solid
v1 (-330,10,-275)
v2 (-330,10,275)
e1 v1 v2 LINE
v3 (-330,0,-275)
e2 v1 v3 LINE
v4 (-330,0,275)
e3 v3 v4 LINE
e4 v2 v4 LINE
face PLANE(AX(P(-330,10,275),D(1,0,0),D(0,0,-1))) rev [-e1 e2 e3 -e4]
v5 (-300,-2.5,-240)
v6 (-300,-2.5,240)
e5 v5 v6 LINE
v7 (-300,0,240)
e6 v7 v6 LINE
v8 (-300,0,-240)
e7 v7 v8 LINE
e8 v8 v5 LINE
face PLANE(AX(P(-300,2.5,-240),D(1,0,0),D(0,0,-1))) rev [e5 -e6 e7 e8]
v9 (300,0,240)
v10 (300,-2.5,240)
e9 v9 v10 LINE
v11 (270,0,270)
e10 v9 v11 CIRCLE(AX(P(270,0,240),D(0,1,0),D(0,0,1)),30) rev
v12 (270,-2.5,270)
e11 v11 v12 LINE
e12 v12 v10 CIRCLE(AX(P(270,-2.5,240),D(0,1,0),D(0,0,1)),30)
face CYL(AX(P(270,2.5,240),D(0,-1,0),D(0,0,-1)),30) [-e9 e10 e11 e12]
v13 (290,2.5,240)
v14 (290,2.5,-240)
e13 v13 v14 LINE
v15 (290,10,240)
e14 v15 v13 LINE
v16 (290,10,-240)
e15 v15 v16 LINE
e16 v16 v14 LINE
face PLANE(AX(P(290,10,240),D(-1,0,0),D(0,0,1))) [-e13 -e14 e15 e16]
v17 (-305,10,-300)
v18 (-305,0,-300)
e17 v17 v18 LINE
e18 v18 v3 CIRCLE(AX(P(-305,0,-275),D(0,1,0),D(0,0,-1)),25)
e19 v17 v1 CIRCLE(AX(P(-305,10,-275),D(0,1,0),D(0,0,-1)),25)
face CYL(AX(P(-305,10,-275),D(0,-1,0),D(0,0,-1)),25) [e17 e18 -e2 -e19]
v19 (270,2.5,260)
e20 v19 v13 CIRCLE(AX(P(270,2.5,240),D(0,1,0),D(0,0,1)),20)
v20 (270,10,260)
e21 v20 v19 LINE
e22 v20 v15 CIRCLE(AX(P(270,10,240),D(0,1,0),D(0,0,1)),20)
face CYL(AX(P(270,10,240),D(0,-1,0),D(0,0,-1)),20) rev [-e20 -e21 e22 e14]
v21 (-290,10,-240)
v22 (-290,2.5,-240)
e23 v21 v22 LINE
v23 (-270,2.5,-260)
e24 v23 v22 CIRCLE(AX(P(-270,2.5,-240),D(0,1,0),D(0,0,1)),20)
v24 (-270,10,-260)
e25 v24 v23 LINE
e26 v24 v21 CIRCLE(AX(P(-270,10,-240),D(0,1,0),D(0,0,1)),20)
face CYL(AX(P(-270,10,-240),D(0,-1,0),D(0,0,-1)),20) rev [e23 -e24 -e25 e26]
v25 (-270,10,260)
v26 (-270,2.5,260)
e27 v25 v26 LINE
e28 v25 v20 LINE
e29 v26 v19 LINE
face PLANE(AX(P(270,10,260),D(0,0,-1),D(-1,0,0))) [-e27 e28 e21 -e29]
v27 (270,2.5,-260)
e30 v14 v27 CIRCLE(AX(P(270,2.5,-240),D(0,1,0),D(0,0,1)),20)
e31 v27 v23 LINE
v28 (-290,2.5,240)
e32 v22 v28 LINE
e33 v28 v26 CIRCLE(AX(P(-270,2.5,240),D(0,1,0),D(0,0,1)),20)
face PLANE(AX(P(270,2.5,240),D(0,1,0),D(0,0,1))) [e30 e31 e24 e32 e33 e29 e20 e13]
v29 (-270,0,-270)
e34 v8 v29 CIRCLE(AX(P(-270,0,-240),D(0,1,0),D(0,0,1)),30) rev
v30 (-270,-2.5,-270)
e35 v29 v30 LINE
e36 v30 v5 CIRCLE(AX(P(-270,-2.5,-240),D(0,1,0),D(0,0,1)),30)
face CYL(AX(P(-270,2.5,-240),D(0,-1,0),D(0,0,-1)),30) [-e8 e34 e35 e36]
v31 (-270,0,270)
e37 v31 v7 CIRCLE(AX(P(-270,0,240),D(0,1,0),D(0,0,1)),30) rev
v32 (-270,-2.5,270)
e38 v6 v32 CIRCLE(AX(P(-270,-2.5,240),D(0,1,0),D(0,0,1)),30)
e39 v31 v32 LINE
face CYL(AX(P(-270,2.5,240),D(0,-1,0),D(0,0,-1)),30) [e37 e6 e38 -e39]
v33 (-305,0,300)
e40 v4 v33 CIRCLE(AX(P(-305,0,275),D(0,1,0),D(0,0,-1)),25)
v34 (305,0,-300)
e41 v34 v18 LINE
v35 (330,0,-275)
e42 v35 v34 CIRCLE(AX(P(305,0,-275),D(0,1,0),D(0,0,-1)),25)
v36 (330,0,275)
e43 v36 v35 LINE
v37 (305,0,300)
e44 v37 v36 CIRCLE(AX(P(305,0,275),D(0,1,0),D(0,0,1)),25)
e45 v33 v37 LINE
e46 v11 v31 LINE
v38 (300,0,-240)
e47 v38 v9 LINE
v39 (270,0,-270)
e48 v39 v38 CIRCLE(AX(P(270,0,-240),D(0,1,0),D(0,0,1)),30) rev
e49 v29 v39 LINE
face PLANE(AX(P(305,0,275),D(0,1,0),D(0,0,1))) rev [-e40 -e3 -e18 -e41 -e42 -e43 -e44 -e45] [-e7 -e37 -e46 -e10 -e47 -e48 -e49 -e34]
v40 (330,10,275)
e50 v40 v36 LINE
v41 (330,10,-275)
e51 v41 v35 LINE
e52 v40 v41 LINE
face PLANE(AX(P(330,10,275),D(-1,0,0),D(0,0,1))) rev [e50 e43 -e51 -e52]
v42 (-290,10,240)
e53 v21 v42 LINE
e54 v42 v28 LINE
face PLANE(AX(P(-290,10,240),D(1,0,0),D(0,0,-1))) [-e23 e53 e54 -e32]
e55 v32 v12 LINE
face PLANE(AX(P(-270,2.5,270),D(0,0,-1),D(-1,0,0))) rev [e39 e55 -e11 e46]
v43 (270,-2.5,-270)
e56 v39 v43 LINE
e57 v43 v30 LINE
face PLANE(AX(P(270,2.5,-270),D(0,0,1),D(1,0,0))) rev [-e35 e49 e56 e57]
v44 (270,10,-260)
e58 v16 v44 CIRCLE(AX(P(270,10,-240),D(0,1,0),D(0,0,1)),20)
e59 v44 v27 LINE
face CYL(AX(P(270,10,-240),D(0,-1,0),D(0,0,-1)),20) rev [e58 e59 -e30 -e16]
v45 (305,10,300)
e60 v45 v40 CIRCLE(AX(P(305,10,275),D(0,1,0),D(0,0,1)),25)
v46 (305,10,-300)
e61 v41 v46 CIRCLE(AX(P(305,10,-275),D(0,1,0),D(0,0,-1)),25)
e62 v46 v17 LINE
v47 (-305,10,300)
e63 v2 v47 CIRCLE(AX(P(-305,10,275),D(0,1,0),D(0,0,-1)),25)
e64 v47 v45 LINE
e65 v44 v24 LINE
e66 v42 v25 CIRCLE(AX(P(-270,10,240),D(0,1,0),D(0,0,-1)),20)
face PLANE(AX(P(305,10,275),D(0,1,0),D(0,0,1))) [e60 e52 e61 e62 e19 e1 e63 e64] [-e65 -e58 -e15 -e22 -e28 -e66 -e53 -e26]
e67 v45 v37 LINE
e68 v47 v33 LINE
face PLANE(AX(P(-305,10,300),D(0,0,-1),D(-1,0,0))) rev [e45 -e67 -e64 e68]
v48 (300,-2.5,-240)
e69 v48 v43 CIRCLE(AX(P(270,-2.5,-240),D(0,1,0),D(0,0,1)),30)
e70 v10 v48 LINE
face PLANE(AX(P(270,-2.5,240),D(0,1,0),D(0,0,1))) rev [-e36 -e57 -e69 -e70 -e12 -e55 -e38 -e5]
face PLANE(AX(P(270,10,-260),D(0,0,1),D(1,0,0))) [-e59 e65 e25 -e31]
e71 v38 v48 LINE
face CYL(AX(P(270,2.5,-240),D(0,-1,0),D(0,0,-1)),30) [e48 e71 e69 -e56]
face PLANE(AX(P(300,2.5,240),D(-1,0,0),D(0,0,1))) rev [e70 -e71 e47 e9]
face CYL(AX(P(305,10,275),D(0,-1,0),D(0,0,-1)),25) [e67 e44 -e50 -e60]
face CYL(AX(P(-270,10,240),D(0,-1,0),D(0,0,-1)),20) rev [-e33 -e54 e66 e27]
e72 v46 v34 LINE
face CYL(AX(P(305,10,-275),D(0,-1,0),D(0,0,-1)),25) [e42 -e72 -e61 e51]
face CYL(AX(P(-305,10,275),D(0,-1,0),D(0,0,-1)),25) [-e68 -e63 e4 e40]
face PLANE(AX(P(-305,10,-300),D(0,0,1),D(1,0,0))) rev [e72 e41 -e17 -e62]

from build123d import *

# Parameters (mm, degrees)
RESSALTO_EXTRUS_O2_DEPTH = 10
RESSALTO_EXTRUS_O3_DEPTH = 2.5


with BuildPart() as part:
    # Esboço1 → Ressalto-extrusão2 (new body)
    with BuildSketch(Plane(origin=(0, 0, 0), x_dir=(1, 0, 0), z_dir=(0, 1, 0))):
        with BuildLine():
            Line((-305, -300), (305, -300))
            ThreePointArc((305, -300), (322.67766953, -292.67766953), (330, -275))
            Line((330, -275), (330, 275))
            ThreePointArc((330, 275), (322.67766953, 292.67766953), (305, 300))
            Line((305, 300), (-305, 300))
            ThreePointArc((-305, 300), (-322.67766953, 292.67766953), (-330, 275))
            Line((-330, 275), (-330, -275))
            ThreePointArc((-330, -275), (-322.67766953, -292.67766953), (-305, -300))
        make_face()
        with BuildLine():
            Line((270, -260), (-270, -260))
            ThreePointArc((-270, -260), (-284.142135624, -254.142135624), (-290, -240))
            Line((-290, -240), (-290, 240))
            ThreePointArc((-290, 240), (-284.142135624, 254.142135624), (-270, 260))
            Line((-270, 260), (270, 260))
            ThreePointArc((270, 260), (284.142135624, 254.142135624), (290, 240))
            Line((290, 240), (290, -240))
            ThreePointArc((290, -240), (284.142135624, -254.142135624), (270, -260))
        make_face(mode=Mode.SUBTRACT)
    extrude(amount=RESSALTO_EXTRUS_O2_DEPTH)

    # Esboço2 → Ressalto-extrusão3 (add, symmetric)
    with BuildSketch(Plane(origin=(0, 0, 0), x_dir=(1, 0, 0), z_dir=(0, 1, 0))):
        with BuildLine():
            Line((300, -240), (300, 240))
            ThreePointArc((300, 240), (291.213203436, 261.213203436), (270, 270))
            Line((270, 270), (-270, 270))
            ThreePointArc((-270, 270), (-291.213203436, 261.213203436), (-300, 240))
            Line((-300, 240), (-300, -240))
            ThreePointArc((-300, -240), (-291.213203436, -261.213203436), (-270, -270))
            Line((-270, -270), (270, -270))
            ThreePointArc((270, -270), (291.213203436, -261.213203436), (300, -240))
        make_face()
    extrude(amount=RESSALTO_EXTRUS_O3_DEPTH, both=True)


solid = part.part
